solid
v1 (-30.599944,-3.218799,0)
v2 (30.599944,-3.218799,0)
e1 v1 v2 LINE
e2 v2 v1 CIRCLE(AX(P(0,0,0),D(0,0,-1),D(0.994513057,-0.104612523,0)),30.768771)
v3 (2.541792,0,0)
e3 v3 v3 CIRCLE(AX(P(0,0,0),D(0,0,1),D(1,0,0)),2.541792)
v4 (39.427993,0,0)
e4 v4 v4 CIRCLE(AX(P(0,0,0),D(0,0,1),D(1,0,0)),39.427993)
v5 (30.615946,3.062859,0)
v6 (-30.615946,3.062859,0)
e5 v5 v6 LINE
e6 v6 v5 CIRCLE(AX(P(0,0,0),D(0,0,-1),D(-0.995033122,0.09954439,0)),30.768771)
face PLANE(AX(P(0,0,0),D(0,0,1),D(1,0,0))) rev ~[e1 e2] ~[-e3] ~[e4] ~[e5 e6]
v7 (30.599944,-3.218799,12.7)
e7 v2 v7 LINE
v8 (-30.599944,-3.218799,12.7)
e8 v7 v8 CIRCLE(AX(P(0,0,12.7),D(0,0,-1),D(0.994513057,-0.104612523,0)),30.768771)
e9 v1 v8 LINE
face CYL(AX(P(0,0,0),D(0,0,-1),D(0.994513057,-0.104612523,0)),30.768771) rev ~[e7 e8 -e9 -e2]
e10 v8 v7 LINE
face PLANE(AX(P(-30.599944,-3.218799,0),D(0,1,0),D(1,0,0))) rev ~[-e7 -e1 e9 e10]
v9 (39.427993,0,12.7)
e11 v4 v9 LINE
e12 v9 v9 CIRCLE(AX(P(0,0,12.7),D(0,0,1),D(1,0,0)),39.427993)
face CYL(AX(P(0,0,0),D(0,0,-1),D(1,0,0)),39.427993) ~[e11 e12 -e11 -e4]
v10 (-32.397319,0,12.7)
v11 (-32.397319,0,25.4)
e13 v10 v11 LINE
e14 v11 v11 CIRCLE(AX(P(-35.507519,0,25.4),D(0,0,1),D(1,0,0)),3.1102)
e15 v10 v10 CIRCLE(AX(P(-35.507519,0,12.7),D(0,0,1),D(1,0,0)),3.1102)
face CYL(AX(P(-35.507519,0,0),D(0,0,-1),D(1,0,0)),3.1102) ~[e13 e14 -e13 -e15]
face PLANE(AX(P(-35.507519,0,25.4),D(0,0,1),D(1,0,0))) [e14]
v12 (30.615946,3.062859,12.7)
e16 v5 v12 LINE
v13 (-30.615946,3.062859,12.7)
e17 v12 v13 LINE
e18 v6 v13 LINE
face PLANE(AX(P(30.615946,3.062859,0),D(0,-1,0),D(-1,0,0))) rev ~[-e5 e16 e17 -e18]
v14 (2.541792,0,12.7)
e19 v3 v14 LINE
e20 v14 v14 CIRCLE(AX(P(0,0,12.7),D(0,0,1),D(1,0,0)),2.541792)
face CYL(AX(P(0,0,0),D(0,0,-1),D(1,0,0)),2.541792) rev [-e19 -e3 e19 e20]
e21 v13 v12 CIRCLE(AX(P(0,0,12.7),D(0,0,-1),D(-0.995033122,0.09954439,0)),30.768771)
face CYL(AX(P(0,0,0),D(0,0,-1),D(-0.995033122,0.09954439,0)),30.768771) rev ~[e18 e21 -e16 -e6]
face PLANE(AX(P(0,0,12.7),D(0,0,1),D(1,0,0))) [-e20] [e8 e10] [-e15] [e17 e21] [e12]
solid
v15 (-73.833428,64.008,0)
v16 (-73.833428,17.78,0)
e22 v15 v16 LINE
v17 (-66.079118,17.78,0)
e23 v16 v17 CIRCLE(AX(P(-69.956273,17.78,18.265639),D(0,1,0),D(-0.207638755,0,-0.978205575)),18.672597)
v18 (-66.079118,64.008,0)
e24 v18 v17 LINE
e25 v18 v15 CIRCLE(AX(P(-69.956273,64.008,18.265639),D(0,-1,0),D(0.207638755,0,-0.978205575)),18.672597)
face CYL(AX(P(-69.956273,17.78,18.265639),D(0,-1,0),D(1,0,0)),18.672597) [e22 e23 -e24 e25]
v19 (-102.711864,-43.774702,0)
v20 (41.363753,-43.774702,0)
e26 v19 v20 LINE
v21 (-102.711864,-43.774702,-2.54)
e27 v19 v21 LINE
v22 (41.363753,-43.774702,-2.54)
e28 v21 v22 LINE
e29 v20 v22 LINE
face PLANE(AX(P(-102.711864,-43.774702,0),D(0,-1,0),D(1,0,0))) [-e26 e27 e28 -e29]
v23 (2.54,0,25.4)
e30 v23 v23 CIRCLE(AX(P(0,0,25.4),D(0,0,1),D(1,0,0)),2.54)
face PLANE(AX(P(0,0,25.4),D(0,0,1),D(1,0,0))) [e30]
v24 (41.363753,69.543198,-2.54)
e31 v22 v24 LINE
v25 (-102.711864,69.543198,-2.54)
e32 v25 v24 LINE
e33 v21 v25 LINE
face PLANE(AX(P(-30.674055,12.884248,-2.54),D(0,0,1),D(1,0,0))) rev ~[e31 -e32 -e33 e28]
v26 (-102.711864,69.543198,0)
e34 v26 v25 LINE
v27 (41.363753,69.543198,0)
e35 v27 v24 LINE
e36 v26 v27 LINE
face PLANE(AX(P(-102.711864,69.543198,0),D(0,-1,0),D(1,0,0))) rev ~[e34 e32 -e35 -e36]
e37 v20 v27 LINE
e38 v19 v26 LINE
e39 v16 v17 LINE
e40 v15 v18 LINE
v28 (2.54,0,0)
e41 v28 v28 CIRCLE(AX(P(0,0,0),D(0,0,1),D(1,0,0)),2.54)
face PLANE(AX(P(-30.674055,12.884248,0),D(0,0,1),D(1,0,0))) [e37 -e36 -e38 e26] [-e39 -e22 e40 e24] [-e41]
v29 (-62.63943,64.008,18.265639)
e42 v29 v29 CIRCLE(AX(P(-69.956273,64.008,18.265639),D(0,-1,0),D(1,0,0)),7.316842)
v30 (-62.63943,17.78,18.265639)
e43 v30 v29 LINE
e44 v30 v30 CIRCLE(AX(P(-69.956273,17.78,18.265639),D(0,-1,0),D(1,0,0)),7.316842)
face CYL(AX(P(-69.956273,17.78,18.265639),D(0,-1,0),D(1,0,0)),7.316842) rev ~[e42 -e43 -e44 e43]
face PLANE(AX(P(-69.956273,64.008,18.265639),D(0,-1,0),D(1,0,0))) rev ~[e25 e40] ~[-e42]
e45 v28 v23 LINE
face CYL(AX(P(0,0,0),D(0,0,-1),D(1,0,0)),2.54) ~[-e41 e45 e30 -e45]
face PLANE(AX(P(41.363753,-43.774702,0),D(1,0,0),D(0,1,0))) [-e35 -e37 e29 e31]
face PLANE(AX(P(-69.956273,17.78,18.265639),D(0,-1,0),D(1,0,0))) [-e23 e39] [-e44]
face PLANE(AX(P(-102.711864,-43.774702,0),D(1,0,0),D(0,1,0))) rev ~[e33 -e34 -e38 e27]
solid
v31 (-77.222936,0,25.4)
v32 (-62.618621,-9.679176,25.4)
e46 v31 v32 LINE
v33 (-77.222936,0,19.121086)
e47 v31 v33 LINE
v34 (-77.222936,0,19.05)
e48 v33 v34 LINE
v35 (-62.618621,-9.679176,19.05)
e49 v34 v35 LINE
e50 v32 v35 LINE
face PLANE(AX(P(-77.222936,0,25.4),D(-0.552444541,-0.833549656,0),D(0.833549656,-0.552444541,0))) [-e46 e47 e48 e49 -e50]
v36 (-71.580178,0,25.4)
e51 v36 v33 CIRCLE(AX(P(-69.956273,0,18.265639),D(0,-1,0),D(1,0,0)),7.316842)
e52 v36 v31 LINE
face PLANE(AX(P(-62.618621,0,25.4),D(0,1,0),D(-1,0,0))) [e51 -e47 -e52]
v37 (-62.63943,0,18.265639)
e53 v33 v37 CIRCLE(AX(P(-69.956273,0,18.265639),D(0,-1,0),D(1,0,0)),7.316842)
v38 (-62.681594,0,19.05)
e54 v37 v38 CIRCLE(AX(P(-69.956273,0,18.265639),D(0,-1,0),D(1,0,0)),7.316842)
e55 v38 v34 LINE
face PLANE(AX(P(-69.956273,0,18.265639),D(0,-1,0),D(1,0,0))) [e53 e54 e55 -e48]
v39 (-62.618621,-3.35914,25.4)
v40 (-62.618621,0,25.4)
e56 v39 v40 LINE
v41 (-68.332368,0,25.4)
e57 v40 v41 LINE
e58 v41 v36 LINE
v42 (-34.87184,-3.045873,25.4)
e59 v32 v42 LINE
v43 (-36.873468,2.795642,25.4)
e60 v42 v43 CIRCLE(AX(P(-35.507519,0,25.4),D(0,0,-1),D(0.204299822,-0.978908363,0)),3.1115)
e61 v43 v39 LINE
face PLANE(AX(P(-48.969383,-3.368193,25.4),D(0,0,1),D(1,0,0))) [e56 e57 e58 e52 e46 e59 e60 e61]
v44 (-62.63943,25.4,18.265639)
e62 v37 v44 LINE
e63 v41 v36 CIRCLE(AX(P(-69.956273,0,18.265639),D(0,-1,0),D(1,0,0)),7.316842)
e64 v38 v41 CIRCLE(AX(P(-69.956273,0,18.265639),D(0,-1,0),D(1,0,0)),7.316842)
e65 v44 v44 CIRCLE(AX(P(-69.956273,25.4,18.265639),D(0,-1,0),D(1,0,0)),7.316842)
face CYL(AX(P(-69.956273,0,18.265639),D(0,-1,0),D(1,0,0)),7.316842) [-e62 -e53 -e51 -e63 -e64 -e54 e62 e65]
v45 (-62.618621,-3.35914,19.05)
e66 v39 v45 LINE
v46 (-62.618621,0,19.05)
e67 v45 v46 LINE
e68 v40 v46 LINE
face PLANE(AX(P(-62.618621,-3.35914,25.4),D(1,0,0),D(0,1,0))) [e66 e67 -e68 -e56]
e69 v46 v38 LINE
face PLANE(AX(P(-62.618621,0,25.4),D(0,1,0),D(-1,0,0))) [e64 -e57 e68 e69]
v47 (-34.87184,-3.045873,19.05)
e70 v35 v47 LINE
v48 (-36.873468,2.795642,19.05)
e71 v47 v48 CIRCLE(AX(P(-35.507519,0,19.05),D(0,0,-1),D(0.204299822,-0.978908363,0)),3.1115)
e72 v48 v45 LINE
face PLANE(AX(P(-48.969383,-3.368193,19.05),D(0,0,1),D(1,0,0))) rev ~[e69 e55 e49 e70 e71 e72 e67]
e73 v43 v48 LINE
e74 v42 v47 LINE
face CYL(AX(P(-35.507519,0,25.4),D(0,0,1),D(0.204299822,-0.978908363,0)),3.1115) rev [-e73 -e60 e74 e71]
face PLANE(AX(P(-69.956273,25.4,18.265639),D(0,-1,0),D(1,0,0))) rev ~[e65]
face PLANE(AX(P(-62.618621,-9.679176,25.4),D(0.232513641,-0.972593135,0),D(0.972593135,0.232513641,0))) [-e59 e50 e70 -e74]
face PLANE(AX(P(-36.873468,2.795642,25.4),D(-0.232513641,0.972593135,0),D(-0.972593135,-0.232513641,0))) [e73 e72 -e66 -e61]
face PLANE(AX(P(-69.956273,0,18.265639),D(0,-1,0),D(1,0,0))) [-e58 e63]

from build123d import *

# Parameters (mm, degrees)
F0_R      = 39.4279927029
F0_R_2    = 3.110199546
F0_R_3    = 2.5417923474
F1_DEPTH  = 12.7
F2_DEPTH  = 25.4
F3_W      = 144.0756171942
F3_H      = 113.317899406
F3_R      = 2.54
F4_DEPTH  = 2.54
F5_DEPTH  = 25.4
F7_START  = -17.78
F6_R      = 18.6725970097
F6_R_2    = 7.3168423601
F7_DEPTH  = 46.228
F8_DEPTH  = 25.4
F10_DEPTH = 6.35


with BuildPart() as f1:
    # F0 (on Top) → F1 (new body)
    with BuildSketch(Plane.XY):
        Circle(F0_R)
        with BuildLine():
            Line((-30.5999443991, -3.2187987467), (30.5999443991, -3.2187987467))
            ThreePointArc((30.5999443991, -3.2187987467), (0, -30.7687708984), (-30.5999443991, -3.2187987467))
        make_face(mode=Mode.SUBTRACT)
        with Locations((-35.5075187981, 0)):
            Circle(F0_R_2, mode=Mode.SUBTRACT)
        with BuildLine():
            ThreePointArc((-30.6159461769, 3.0628585164), (0, 30.7687708984), (30.6159461769, 3.0628585164))
            Line((30.6159461769, 3.0628585164), (-30.6159461769, 3.0628585164))
        make_face(mode=Mode.SUBTRACT)
        Circle(F0_R_3, mode=Mode.SUBTRACT)
    extrude(amount=F1_DEPTH)

    # F0 (on Top) → F2 (join)
    with BuildSketch(Plane.XY):
        with Locations((-35.5075187981, 0)):
            Circle(F0_R_2)
    extrude(amount=F2_DEPTH)


with BuildPart() as f4:
    # F3 (on Top) → F4 (new body)
    with BuildSketch(Plane.XY):
        with Locations((-30.6740552187, 12.8842480481)):
            Rectangle(F3_W, F3_H)
        Circle(F3_R, mode=Mode.SUBTRACT)
        Circle(F3_R)
    extrude(amount=-F4_DEPTH)

    # F3 (on Top) → F5 (join)
    with BuildSketch(Plane.XY):
        Circle(F3_R)
    extrude(amount=F5_DEPTH)

    # F6 (on Front) → F7 (join)
    with BuildSketch(Plane.XZ.offset(F7_START)):
        with Locations((-69.9562728405, 18.2656385005)):
            Circle(F6_R)
        with Locations((-69.9562728405, 18.2656385005)):
            Circle(F6_R_2, mode=Mode.SUBTRACT)
    extrude(amount=-F7_DEPTH)


with BuildPart() as f8:
    # F6 (on Front) → F8 (new body)
    with BuildSketch(Plane.XZ):
        with Locations((-69.9562728405, 18.2656385005)):
            Circle(F6_R_2)
    extrude(amount=-F8_DEPTH)

    # F9 (on face) → F10 (join)
    with BuildSketch(Plane.XY.offset(25.4)):
        with BuildLine():
            ThreePointArc((-34.8718399034, -3.0458733711), (-38.4510115189, -1.0086044085), (-36.8734681671, 2.7956420678))
            Line((-36.8734681671, 2.7956420678), (-62.6186206937, -3.3591403626))
            Line((-62.6186206937, -3.3591403626), (-62.6186206937, -9.6791764262))
            Line((-62.6186206937, -9.6791764262), (-34.8718399034, -3.0458733711))
        make_face()
        Polygon((-62.6186206937, -9.6791764262), (-62.6186206937, -3.3591403626), (-62.6186206937, 0), (-77.2229358554, 0), align=None)
    extrude(amount=-F10_DEPTH)


solid = Compound([f1.part, f4.part, f8.part])
